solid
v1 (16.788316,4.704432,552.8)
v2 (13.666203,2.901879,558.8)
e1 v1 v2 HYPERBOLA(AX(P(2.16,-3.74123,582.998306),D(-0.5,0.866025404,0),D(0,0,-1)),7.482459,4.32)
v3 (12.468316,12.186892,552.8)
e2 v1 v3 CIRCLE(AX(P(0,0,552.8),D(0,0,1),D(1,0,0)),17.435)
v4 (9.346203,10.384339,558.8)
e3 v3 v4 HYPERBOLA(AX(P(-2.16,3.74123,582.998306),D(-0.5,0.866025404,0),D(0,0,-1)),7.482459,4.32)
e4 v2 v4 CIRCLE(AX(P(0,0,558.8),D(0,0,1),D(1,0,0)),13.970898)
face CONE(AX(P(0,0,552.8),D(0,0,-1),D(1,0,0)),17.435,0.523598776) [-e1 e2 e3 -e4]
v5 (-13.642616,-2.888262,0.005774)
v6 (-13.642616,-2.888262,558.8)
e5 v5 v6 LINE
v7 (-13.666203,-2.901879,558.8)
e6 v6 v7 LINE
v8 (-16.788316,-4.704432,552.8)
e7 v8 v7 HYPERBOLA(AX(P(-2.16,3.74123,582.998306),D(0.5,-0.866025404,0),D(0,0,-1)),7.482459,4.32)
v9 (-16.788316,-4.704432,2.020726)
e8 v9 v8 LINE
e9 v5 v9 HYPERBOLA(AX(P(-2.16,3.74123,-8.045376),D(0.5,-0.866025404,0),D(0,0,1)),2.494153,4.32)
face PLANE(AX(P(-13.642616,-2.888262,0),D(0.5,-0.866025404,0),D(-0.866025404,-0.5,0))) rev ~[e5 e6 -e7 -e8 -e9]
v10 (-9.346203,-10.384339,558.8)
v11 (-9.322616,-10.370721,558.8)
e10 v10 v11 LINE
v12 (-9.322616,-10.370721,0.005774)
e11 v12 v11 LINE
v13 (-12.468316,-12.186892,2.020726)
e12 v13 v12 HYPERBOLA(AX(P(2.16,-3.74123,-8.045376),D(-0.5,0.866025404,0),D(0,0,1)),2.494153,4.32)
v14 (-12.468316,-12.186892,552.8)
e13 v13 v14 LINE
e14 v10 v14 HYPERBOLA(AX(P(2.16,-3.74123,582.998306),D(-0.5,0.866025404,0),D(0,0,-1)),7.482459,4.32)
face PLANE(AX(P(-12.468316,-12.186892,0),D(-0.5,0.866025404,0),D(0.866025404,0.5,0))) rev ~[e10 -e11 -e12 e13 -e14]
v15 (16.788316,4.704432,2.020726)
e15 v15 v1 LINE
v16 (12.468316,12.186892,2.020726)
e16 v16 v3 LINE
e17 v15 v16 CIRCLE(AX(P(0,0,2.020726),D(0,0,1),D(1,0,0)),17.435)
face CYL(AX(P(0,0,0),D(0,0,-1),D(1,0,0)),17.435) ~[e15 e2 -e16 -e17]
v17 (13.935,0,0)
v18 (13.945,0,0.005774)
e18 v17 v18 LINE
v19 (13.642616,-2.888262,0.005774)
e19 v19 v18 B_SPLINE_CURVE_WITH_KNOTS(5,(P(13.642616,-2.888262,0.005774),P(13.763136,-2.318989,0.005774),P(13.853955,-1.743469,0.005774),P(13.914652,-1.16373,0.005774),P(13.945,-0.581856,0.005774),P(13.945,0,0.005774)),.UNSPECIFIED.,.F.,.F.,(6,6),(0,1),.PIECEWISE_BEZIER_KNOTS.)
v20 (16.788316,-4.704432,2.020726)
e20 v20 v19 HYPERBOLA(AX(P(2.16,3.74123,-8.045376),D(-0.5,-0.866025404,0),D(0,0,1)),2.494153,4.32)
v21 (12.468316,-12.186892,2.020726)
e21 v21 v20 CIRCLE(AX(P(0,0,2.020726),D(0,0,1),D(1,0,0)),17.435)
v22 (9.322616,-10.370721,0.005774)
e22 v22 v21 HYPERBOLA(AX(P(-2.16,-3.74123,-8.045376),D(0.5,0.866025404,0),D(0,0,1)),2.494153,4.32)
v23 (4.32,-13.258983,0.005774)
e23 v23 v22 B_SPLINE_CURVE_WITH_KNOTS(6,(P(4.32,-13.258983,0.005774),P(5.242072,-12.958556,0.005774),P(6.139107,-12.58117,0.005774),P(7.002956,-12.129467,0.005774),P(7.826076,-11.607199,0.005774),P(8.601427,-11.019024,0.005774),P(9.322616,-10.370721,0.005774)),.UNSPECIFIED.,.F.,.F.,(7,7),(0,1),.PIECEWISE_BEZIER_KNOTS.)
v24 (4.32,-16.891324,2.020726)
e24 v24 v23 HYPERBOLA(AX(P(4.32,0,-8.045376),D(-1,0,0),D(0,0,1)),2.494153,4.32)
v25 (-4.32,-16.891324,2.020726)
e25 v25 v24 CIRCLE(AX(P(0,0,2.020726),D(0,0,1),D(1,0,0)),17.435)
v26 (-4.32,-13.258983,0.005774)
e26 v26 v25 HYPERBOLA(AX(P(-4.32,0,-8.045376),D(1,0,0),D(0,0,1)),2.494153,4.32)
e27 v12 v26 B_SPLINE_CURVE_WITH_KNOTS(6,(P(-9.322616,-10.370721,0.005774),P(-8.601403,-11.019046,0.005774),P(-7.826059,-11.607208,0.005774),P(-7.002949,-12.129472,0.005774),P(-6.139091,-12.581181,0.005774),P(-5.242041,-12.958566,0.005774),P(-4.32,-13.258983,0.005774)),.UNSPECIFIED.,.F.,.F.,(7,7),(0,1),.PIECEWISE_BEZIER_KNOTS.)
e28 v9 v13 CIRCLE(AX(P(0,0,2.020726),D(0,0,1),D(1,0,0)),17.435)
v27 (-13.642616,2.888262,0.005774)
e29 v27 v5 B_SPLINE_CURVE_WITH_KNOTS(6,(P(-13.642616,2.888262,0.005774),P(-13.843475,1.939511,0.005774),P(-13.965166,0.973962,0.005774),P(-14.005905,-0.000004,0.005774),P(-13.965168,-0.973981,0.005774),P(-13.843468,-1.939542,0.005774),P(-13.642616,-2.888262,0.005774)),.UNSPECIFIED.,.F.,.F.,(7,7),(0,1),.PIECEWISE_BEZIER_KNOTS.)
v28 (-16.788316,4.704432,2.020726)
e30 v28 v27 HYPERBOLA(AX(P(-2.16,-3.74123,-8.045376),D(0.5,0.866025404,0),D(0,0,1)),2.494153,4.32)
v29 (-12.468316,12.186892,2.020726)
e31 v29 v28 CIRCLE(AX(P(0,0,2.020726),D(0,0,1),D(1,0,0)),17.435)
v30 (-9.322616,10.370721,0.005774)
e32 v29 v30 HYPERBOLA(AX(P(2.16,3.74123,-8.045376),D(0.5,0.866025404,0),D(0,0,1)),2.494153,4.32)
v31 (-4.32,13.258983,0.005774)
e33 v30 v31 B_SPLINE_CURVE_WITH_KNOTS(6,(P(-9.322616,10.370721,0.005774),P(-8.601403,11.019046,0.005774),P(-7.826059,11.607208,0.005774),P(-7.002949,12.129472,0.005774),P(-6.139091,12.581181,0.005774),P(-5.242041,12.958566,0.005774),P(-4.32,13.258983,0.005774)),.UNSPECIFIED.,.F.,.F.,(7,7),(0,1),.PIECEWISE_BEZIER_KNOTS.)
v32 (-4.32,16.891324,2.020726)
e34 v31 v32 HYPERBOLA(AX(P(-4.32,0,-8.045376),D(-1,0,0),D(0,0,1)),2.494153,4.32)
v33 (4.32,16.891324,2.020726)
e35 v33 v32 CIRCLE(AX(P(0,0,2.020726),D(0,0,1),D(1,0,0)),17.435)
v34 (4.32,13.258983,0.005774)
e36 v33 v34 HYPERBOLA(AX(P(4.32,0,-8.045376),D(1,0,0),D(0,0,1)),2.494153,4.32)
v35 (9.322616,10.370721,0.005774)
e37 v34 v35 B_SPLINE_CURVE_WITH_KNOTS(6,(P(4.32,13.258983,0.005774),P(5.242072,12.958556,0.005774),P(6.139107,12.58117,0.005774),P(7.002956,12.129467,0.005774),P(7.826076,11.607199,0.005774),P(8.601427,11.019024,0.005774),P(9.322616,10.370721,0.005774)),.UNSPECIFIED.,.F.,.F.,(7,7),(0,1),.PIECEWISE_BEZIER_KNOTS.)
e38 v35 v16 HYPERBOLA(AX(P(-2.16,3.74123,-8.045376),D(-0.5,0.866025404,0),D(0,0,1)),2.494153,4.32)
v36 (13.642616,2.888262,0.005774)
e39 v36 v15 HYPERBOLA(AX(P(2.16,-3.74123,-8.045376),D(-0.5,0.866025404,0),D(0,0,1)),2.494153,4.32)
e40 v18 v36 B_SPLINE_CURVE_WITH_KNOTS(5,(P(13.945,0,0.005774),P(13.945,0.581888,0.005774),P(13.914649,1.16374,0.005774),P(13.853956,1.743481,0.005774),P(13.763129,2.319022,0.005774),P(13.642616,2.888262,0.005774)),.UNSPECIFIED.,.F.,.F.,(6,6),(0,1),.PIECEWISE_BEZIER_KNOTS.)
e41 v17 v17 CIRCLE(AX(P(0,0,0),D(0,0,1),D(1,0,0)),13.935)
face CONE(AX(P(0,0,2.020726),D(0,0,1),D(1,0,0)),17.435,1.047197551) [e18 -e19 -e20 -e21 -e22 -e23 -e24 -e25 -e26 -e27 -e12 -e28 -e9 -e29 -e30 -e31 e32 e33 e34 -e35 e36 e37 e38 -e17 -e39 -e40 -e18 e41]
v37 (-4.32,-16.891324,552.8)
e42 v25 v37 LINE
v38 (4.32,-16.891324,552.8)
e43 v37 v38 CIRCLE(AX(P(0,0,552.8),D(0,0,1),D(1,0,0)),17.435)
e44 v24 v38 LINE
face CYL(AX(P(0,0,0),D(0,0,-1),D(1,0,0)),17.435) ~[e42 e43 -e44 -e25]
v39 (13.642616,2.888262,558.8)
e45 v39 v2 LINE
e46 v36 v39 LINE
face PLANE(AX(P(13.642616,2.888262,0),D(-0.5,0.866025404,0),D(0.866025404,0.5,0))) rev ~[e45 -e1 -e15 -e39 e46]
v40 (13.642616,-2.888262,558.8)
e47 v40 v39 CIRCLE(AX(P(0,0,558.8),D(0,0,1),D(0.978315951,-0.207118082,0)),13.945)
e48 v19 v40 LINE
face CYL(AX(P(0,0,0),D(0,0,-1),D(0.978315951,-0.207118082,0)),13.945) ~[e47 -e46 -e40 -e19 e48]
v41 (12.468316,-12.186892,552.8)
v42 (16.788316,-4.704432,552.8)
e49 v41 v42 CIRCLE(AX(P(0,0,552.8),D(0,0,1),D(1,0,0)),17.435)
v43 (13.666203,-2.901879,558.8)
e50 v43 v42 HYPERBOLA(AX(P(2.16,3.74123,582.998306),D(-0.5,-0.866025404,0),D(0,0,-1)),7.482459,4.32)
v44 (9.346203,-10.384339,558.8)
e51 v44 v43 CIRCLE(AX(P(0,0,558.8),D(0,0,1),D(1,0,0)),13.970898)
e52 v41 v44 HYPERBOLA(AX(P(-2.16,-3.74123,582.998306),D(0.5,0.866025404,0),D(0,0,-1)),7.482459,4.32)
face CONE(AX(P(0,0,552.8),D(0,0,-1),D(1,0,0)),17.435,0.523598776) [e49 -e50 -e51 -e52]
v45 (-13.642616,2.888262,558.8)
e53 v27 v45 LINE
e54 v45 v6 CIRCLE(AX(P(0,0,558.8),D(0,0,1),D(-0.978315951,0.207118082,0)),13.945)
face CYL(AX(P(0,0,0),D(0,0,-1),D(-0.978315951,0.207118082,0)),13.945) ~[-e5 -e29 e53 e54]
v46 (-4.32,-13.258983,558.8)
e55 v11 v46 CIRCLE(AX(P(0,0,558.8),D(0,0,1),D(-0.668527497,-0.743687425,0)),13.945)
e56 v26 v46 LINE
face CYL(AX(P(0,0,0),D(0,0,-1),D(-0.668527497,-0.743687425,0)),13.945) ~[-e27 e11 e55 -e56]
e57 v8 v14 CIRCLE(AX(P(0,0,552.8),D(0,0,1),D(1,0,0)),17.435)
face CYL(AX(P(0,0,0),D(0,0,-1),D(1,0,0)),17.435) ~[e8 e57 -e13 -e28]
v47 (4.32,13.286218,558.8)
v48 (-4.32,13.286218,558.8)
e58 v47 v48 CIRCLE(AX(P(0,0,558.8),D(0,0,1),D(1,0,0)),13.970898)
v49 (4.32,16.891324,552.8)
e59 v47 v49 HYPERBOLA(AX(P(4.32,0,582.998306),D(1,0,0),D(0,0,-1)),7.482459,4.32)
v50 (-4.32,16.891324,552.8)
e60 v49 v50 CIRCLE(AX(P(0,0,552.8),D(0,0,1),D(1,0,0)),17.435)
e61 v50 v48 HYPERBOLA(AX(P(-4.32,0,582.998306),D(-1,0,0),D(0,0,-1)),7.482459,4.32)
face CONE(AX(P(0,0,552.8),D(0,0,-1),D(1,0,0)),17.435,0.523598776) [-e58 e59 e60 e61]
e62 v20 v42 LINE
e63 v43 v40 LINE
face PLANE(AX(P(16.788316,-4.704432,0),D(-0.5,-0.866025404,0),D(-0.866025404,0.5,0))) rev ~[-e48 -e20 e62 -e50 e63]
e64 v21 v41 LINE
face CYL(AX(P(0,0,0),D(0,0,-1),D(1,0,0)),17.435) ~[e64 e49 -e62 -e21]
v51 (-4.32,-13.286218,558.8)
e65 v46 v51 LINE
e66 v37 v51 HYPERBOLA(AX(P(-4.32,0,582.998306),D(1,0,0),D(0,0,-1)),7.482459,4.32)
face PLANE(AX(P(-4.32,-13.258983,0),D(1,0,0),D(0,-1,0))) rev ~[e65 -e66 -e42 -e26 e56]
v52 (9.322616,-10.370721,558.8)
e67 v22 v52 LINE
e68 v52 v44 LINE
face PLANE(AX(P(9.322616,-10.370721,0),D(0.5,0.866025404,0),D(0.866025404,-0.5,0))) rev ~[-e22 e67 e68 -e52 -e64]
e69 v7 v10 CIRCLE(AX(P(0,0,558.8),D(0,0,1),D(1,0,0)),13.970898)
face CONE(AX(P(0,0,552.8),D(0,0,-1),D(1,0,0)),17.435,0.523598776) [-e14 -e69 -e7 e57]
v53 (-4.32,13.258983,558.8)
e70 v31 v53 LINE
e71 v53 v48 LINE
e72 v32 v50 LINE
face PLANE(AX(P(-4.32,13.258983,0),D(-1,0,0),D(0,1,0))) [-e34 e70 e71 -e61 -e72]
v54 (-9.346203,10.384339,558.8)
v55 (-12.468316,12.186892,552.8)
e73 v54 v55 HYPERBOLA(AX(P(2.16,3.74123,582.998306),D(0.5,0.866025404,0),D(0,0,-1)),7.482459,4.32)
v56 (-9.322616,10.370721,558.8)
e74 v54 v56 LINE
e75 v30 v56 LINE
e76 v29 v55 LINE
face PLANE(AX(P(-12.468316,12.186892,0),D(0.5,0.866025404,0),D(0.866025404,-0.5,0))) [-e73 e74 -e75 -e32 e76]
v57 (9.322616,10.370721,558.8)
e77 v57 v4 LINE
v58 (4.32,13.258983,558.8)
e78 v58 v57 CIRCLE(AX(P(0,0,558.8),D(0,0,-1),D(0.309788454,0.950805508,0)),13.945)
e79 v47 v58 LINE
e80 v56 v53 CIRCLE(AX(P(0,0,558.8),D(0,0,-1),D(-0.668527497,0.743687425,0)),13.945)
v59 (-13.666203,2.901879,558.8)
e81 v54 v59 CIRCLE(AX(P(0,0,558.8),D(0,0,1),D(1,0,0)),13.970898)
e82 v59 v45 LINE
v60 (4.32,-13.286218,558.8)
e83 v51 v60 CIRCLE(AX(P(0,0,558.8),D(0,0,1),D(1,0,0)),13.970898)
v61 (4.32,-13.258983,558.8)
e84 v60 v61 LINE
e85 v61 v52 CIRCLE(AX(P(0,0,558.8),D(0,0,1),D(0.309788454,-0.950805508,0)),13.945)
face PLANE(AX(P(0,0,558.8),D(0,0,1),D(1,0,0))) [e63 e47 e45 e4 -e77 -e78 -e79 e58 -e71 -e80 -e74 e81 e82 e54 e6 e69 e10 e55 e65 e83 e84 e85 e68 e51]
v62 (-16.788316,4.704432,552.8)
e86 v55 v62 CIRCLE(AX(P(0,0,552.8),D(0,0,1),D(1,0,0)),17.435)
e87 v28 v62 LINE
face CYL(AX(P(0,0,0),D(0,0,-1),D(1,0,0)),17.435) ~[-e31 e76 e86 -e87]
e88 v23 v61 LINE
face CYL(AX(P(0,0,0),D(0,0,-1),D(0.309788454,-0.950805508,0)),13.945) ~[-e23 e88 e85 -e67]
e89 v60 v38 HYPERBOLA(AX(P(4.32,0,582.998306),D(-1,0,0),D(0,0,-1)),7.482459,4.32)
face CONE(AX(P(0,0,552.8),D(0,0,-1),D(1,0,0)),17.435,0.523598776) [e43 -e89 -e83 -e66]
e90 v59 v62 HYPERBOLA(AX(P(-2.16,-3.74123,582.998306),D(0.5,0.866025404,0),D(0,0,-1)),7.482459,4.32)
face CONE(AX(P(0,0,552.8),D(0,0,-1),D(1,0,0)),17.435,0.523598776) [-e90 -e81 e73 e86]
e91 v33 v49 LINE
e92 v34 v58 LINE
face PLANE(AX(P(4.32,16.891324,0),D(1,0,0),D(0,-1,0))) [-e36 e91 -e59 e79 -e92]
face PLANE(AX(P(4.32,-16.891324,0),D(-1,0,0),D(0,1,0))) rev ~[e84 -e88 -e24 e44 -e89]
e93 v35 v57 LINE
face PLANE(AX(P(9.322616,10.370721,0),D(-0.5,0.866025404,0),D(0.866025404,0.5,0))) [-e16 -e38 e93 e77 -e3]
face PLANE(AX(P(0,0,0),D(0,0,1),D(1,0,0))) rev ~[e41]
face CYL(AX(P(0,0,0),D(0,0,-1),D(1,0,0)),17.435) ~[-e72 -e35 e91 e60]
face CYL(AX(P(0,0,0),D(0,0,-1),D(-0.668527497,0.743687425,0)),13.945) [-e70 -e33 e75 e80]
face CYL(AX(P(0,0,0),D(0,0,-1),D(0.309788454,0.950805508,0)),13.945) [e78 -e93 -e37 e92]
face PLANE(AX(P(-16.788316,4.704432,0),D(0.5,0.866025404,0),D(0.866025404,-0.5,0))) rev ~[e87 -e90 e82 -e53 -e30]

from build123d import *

# Parameters (mm, degrees)
SKETCH1_R           = 17.435
BOSS_EXTRUDE2_DEPTH = 558.8
CHAMFER2_SIZE       = 6
CHAMFER2_SIZE2      = 3.464101615
CHAMFER3_SIZE       = 3.5
CHAMFER3_SIZE2      = 2.020725942
CUT_EXTRUDE1_DEPTH  = 558.8


with BuildPart() as part:
    # Sketch1 → Boss-Extrude2 (new body)
    with BuildSketch(Plane.XY):
        Circle(SKETCH1_R)
    extrude(amount=BOSS_EXTRUDE2_DEPTH)

    # Chamfer2
    chamfer2_edges = [part.edges().sort_by_distance(p)[0] for p in [
        (-17.435, 0, 558.8),
    ]]
    chamfer2_side = [part.faces().sort_by_distance(p)[0] for p in [
        (-17.435, 0, 279.4),
    ]]
    chamfer(chamfer2_edges, length=CHAMFER2_SIZE, length2=CHAMFER2_SIZE2, reference=chamfer2_side[0])

    # Chamfer3
    chamfer3_edges = [part.edges().sort_by_distance(p)[0] for p in [
        (-17.435, 0, 0),
    ]]
    chamfer3_side = [part.faces().sort_by_distance(p)[0] for p in [
        (0, 0, 0),
    ]]
    chamfer(chamfer3_edges, length=CHAMFER3_SIZE, length2=CHAMFER3_SIZE2, reference=chamfer3_side[0])

    # Sketch3 → Cut-Extrude1 (cut)
    with BuildSketch(Plane(origin=(0, 0, 0), x_dir=(-1, 0, 0), z_dir=(0, 0, -1))):
        with BuildLine():
            Line((-4.32, 16.891323956), (-4.32, 13.258982804))
            ThreePointArc((-4.32, 13.258982804), (-6.9725, 12.076724256), (-9.322615937, 10.370721146))
            Line((-9.322615937, 10.370721146), (-12.46831565, 12.186891723))
            ThreePointArc((-12.46831565, 12.186891723), (-8.7175, 15.099152915), (-4.32, 16.891323956))
        make_face()
        with BuildLine():
            Line((12.46831565, 12.186891723), (9.322615937, 10.370721146))
            ThreePointArc((9.322615937, 10.370721146), (6.9725, 12.076724256), (4.32, 13.258982804))
            Line((4.32, 13.258982804), (4.32, 16.891323956))
            ThreePointArc((4.32, 16.891323956), (8.7175, 15.099152915), (12.46831565, 12.186891723))
        make_face()
        with BuildLine():
            Line((16.78831565, 4.704432234), (13.642615937, 2.888261658))
            ThreePointArc((13.642615937, 2.888261658), (13.945, 0), (13.642615937, -2.888261658))
            Line((13.642615937, -2.888261658), (16.78831565, -4.704432234))
            ThreePointArc((16.78831565, -4.704432234), (17.435, 0), (16.78831565, 4.704432234))
        make_face()
        with BuildLine():
            Line((12.46831565, -12.186891723), (9.322615937, -10.370721146))
            ThreePointArc((9.322615937, -10.370721146), (6.9725, -12.076724256), (4.32, -13.258982804))
            Line((4.32, -13.258982804), (4.32, -16.891323956))
            ThreePointArc((4.32, -16.891323956), (8.7175, -15.099152915), (12.46831565, -12.186891723))
        make_face()
        with BuildLine():
            Line((-4.32, -16.891323956), (-4.32, -13.258982804))
            ThreePointArc((-4.32, -13.258982804), (-6.9725, -12.076724256), (-9.322615937, -10.370721146))
            Line((-9.322615937, -10.370721146), (-12.46831565, -12.186891723))
            ThreePointArc((-12.46831565, -12.186891723), (-8.7175, -15.099152915), (-4.32, -16.891323956))
        make_face()
        with BuildLine():
            Line((-16.78831565, -4.704432234), (-13.642615937, -2.888261658))
            ThreePointArc((-13.642615937, -2.888261658), (-13.945, 0), (-13.642615937, 2.888261658))
            Line((-13.642615937, 2.888261658), (-16.78831565, 4.704432234))
            ThreePointArc((-16.78831565, 4.704432234), (-17.435, 0), (-16.78831565, -4.704432234))
        make_face()
    extrude(amount=-CUT_EXTRUDE1_DEPTH, mode=Mode.SUBTRACT)


solid = part.part
